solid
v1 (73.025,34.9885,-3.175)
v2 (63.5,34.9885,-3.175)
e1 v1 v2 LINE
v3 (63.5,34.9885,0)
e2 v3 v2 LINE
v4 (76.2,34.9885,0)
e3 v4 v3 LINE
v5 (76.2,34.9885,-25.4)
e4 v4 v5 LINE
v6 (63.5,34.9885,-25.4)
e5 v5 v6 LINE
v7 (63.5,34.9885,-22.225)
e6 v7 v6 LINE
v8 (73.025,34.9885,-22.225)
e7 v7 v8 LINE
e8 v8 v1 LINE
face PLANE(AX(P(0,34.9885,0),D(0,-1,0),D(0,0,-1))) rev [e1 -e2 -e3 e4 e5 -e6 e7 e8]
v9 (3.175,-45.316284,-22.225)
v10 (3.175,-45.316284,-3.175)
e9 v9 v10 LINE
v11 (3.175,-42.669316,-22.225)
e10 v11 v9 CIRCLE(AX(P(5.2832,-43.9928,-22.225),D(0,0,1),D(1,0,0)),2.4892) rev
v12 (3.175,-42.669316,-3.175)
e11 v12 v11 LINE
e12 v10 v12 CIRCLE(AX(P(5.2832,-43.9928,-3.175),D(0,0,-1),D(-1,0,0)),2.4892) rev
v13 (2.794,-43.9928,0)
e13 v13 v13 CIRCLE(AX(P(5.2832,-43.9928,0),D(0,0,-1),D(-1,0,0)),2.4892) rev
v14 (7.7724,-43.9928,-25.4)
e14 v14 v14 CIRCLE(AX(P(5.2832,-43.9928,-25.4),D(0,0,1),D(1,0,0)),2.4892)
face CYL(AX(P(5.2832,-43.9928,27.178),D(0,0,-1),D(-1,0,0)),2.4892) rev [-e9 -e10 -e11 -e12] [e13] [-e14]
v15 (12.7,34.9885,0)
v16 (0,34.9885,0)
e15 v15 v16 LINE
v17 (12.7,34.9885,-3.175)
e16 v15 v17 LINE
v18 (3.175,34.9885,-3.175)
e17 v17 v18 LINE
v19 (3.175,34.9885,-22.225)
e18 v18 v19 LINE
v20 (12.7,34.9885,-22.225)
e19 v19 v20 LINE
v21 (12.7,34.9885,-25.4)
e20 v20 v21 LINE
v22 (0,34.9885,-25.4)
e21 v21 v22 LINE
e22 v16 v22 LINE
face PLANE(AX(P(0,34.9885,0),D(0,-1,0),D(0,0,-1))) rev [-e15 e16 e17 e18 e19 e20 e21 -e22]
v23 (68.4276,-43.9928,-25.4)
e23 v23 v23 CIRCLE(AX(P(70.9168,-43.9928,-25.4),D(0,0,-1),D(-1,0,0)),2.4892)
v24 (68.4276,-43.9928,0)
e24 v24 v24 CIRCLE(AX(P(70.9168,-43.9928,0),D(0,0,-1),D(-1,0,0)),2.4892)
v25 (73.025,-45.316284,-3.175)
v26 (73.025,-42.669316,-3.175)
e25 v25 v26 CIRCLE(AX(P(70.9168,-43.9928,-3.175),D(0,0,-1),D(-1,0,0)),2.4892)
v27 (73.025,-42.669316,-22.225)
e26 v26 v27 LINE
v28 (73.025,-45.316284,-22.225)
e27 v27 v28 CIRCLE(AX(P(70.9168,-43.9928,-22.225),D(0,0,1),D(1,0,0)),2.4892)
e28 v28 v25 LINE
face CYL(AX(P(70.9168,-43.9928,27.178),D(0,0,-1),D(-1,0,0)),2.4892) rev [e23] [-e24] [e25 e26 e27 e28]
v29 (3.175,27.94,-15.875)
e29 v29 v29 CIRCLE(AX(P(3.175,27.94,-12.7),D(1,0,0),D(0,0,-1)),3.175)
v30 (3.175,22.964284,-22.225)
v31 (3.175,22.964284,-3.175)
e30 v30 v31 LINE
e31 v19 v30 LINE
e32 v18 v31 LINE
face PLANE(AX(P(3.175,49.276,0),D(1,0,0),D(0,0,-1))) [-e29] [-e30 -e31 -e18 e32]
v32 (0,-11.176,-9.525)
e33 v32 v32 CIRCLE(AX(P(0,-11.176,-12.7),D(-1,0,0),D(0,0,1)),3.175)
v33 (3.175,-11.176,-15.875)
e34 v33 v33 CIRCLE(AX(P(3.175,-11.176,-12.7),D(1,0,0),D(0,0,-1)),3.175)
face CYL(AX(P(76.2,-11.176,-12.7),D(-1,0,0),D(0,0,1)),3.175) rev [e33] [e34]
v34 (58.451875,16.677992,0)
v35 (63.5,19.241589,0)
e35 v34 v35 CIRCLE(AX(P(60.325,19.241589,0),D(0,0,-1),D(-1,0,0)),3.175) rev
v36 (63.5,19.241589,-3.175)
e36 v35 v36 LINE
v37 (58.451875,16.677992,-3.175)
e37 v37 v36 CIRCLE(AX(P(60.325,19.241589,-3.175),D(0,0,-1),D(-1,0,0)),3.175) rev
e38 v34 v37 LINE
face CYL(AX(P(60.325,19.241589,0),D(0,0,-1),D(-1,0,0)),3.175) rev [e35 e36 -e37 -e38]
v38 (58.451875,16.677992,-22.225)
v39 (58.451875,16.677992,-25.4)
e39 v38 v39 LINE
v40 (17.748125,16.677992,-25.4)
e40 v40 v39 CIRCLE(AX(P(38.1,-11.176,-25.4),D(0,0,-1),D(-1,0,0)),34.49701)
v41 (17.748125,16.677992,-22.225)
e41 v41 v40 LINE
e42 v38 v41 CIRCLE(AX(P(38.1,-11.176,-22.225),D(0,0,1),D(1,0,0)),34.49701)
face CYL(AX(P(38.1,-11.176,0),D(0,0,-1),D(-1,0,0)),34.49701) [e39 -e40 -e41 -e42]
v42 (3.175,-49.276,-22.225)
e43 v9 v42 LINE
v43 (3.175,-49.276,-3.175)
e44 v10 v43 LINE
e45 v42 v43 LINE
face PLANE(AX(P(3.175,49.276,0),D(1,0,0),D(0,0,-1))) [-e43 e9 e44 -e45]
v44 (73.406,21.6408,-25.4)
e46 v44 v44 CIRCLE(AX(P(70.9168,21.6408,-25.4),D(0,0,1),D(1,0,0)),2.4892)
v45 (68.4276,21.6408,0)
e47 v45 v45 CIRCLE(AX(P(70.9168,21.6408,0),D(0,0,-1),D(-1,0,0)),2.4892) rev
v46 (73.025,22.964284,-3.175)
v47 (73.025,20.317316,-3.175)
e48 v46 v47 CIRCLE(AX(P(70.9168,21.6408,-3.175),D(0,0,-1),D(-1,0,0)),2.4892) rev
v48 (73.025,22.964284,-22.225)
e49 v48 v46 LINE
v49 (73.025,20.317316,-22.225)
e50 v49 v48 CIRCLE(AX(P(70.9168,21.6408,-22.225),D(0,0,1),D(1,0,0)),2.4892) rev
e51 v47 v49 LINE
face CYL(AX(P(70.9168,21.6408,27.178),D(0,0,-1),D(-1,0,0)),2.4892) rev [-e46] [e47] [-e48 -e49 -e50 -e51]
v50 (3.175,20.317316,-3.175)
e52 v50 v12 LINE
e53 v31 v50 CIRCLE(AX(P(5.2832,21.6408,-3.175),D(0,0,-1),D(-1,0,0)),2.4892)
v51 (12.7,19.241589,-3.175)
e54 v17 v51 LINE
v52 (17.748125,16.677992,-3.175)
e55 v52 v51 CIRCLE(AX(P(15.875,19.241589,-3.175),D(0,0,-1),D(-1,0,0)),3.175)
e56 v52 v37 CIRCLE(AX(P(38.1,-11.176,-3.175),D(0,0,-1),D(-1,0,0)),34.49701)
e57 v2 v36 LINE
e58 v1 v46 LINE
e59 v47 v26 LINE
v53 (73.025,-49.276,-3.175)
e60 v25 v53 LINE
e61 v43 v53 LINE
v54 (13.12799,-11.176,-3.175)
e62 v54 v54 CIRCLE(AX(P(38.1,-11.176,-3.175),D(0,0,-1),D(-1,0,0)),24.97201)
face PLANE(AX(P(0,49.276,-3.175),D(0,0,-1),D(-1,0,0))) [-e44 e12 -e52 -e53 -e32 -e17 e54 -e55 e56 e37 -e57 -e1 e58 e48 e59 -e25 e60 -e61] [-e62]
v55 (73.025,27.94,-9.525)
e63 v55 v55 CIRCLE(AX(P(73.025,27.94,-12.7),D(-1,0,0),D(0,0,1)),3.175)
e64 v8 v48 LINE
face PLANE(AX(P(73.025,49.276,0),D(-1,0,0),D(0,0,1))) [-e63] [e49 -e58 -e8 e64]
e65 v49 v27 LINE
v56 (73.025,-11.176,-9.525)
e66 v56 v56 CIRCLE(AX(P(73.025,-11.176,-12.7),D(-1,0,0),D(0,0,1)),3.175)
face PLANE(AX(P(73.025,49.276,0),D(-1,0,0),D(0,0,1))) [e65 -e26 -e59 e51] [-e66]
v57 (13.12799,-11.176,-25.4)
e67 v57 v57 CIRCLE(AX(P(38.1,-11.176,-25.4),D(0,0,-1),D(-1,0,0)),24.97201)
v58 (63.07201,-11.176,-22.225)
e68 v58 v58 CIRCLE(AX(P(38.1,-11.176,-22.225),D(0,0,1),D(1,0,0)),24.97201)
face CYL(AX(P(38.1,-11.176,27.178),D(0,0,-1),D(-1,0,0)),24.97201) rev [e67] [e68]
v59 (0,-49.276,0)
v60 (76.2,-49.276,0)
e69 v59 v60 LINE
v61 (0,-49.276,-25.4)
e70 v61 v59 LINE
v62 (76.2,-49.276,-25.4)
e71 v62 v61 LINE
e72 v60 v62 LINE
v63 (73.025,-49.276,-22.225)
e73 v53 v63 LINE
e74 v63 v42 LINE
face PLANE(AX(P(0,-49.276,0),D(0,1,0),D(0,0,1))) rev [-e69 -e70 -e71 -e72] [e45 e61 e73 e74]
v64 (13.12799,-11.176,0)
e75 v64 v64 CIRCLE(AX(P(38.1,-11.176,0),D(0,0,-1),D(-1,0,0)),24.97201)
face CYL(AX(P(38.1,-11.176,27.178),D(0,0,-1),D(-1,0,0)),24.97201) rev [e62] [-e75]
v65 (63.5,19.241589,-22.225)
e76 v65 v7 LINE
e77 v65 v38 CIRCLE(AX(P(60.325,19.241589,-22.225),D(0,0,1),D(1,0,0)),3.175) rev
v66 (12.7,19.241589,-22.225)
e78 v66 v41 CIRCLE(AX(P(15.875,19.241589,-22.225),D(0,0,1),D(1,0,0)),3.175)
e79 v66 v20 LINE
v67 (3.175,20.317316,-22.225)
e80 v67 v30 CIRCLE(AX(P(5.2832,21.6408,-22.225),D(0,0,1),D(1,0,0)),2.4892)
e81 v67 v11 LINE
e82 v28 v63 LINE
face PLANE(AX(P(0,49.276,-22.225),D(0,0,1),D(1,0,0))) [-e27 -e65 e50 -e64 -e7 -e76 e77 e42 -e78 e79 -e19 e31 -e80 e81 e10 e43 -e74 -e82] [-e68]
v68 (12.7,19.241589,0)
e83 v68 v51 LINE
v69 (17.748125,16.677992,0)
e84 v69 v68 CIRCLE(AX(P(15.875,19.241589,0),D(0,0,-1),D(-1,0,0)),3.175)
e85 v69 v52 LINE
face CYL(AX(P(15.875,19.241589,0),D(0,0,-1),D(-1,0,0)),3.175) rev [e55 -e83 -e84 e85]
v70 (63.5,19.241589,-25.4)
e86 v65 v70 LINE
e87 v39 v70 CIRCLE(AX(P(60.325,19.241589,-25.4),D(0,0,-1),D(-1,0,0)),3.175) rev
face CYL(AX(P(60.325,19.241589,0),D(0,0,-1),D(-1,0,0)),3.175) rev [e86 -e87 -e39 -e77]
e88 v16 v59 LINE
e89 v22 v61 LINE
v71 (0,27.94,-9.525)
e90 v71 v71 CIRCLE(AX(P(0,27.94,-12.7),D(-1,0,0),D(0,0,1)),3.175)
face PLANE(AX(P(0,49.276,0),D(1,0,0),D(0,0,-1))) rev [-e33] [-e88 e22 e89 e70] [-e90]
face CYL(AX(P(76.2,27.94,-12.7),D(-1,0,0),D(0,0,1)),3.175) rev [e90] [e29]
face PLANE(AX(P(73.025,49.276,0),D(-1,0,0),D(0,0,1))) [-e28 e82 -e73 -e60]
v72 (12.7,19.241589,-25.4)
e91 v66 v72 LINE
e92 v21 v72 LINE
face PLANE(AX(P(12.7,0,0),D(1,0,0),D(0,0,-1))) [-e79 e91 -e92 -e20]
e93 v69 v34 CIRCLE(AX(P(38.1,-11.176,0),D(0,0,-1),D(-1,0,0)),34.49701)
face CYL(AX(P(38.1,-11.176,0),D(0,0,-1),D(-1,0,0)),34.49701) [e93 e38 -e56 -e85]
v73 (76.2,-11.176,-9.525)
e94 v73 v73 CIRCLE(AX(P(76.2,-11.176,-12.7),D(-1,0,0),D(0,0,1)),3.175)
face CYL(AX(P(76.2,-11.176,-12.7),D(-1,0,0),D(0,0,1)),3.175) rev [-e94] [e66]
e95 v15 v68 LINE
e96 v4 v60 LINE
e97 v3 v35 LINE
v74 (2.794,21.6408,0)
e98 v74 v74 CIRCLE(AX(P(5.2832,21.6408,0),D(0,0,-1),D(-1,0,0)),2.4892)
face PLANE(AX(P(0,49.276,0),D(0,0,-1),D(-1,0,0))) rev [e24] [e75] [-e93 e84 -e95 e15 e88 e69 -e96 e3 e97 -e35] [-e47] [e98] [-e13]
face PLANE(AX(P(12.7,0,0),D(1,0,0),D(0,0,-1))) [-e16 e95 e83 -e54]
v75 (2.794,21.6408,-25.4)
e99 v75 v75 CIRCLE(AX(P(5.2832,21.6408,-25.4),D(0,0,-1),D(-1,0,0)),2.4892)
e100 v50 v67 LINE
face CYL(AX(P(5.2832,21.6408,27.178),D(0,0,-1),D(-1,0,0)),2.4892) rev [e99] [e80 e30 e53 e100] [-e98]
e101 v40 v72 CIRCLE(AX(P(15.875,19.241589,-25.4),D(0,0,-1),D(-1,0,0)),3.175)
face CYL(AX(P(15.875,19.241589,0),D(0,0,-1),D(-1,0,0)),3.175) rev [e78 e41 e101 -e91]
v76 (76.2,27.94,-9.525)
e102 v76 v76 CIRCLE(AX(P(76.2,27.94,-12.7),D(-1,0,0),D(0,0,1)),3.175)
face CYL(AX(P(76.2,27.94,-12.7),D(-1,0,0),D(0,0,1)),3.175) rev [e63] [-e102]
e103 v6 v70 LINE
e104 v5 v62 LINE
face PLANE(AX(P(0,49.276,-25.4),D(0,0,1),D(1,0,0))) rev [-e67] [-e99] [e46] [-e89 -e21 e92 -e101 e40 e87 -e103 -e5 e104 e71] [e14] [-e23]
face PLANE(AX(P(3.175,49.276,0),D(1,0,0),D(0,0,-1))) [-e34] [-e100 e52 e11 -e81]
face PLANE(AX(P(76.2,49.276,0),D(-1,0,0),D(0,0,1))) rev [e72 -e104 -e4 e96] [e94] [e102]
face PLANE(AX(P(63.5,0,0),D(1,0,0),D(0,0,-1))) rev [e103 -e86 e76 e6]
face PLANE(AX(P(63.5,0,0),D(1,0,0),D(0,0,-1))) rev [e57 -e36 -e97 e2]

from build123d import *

# Parameters (mm, degrees)
SKETCH1_W           = 76.2
SKETCH1_H           = 25.4
SKETCH1_W_2         = 69.85
SKETCH1_H_2         = 19.05
EXTRUDE_THIN1_DEPTH = 49.276
SKETCH2_R           = 2.4892
SKETCH2_R_2         = 24.97201
CUT_EXTRUDE1_DEPTH  = 52.578
CUT_EXTRUDE2_DEPTH  = 26.4
SKETCH6_R           = 3.175
CUT_EXTRUDE3_DEPTH  = 77.2
SKETCH7_R           = 3.175
CUT_EXTRUDE4_DEPTH  = 77.2


with BuildPart() as part:
    # Sketch1 → Extrude-Thin1 (new body, symmetric)
    with BuildSketch(Plane(origin=(0, 0, 0), x_dir=(1, 0, 0), z_dir=(0, 1, 0))):
        with Locations((38.1, 12.7)):
            Rectangle(SKETCH1_W, SKETCH1_H)
        with Locations((38.1, 12.7)):
            Rectangle(SKETCH1_W_2, SKETCH1_H_2, mode=Mode.SUBTRACT)
    extrude(amount=EXTRUDE_THIN1_DEPTH, both=True)

    # Sketch2 → Cut-Extrude1 (cut)
    with BuildSketch(Plane(origin=(0, 0, -25.4), x_dir=(-1, 0, 0), z_dir=(0, 0, -1))):
        with Locations((-5.2832, 21.6408)):
            Circle(SKETCH2_R)
        with Locations((-38.1, -11.176)):
            Circle(SKETCH2_R_2)
        with Locations((-70.9168, -43.9928)):
            Circle(SKETCH2_R)
    cut_extrude1 = extrude(amount=-CUT_EXTRUDE1_DEPTH, mode=Mode.SUBTRACT)

    # Sketch5 → Cut-Extrude2 (cut, through all)
    with BuildSketch(Plane(origin=(0, 0, -25.4), x_dir=(-1, 0, 0), z_dir=(0, 0, -1))):
        Polygon((0, 49.276), (-76.2, 49.276), (-76.2, 34.9885), (-63.5, 34.9885), (-12.7, 34.9885), (0, 34.9885), align=None)
        with BuildLine():
            Line((-12.7, 34.9885), (-63.5, 34.9885))
            Line((-63.5, 34.9885), (-63.5, 19.241588866))
            ThreePointArc((-63.5, 19.241588866), (-61.762611537, 16.410705953), (-58.451875232, 16.677992057))
            ThreePointArc((-58.451875232, 16.677992057), (-38.1, 23.32101), (-17.748124768, 16.677992057))
            ThreePointArc((-17.748124768, 16.677992057), (-14.437388463, 16.410705953), (-12.7, 19.241588866))
            Line((-12.7, 19.241588866), (-12.7, 34.9885))
        make_face()
    extrude(amount=-CUT_EXTRUDE2_DEPTH, mode=Mode.SUBTRACT)

    # Sketch6 → Cut-Extrude3 (cut, through all)
    with BuildSketch(Plane.ZY):
        with Locations((-12.7, 27.94)):
            Circle(SKETCH6_R)
    extrude(amount=-CUT_EXTRUDE3_DEPTH, mode=Mode.SUBTRACT)

    # Mirror1: Cut-Extrude1 across plane
    add(cut_extrude1.mirror(Plane.ZY.offset(-38.1)), mode=Mode.SUBTRACT)

    # Sketch7 → Cut-Extrude4 (cut, through all)
    with BuildSketch(Plane.ZY):
        with Locations((-12.7, -11.176)):
            Circle(SKETCH7_R)
    extrude(amount=-CUT_EXTRUDE4_DEPTH, mode=Mode.SUBTRACT)


solid = part.part
